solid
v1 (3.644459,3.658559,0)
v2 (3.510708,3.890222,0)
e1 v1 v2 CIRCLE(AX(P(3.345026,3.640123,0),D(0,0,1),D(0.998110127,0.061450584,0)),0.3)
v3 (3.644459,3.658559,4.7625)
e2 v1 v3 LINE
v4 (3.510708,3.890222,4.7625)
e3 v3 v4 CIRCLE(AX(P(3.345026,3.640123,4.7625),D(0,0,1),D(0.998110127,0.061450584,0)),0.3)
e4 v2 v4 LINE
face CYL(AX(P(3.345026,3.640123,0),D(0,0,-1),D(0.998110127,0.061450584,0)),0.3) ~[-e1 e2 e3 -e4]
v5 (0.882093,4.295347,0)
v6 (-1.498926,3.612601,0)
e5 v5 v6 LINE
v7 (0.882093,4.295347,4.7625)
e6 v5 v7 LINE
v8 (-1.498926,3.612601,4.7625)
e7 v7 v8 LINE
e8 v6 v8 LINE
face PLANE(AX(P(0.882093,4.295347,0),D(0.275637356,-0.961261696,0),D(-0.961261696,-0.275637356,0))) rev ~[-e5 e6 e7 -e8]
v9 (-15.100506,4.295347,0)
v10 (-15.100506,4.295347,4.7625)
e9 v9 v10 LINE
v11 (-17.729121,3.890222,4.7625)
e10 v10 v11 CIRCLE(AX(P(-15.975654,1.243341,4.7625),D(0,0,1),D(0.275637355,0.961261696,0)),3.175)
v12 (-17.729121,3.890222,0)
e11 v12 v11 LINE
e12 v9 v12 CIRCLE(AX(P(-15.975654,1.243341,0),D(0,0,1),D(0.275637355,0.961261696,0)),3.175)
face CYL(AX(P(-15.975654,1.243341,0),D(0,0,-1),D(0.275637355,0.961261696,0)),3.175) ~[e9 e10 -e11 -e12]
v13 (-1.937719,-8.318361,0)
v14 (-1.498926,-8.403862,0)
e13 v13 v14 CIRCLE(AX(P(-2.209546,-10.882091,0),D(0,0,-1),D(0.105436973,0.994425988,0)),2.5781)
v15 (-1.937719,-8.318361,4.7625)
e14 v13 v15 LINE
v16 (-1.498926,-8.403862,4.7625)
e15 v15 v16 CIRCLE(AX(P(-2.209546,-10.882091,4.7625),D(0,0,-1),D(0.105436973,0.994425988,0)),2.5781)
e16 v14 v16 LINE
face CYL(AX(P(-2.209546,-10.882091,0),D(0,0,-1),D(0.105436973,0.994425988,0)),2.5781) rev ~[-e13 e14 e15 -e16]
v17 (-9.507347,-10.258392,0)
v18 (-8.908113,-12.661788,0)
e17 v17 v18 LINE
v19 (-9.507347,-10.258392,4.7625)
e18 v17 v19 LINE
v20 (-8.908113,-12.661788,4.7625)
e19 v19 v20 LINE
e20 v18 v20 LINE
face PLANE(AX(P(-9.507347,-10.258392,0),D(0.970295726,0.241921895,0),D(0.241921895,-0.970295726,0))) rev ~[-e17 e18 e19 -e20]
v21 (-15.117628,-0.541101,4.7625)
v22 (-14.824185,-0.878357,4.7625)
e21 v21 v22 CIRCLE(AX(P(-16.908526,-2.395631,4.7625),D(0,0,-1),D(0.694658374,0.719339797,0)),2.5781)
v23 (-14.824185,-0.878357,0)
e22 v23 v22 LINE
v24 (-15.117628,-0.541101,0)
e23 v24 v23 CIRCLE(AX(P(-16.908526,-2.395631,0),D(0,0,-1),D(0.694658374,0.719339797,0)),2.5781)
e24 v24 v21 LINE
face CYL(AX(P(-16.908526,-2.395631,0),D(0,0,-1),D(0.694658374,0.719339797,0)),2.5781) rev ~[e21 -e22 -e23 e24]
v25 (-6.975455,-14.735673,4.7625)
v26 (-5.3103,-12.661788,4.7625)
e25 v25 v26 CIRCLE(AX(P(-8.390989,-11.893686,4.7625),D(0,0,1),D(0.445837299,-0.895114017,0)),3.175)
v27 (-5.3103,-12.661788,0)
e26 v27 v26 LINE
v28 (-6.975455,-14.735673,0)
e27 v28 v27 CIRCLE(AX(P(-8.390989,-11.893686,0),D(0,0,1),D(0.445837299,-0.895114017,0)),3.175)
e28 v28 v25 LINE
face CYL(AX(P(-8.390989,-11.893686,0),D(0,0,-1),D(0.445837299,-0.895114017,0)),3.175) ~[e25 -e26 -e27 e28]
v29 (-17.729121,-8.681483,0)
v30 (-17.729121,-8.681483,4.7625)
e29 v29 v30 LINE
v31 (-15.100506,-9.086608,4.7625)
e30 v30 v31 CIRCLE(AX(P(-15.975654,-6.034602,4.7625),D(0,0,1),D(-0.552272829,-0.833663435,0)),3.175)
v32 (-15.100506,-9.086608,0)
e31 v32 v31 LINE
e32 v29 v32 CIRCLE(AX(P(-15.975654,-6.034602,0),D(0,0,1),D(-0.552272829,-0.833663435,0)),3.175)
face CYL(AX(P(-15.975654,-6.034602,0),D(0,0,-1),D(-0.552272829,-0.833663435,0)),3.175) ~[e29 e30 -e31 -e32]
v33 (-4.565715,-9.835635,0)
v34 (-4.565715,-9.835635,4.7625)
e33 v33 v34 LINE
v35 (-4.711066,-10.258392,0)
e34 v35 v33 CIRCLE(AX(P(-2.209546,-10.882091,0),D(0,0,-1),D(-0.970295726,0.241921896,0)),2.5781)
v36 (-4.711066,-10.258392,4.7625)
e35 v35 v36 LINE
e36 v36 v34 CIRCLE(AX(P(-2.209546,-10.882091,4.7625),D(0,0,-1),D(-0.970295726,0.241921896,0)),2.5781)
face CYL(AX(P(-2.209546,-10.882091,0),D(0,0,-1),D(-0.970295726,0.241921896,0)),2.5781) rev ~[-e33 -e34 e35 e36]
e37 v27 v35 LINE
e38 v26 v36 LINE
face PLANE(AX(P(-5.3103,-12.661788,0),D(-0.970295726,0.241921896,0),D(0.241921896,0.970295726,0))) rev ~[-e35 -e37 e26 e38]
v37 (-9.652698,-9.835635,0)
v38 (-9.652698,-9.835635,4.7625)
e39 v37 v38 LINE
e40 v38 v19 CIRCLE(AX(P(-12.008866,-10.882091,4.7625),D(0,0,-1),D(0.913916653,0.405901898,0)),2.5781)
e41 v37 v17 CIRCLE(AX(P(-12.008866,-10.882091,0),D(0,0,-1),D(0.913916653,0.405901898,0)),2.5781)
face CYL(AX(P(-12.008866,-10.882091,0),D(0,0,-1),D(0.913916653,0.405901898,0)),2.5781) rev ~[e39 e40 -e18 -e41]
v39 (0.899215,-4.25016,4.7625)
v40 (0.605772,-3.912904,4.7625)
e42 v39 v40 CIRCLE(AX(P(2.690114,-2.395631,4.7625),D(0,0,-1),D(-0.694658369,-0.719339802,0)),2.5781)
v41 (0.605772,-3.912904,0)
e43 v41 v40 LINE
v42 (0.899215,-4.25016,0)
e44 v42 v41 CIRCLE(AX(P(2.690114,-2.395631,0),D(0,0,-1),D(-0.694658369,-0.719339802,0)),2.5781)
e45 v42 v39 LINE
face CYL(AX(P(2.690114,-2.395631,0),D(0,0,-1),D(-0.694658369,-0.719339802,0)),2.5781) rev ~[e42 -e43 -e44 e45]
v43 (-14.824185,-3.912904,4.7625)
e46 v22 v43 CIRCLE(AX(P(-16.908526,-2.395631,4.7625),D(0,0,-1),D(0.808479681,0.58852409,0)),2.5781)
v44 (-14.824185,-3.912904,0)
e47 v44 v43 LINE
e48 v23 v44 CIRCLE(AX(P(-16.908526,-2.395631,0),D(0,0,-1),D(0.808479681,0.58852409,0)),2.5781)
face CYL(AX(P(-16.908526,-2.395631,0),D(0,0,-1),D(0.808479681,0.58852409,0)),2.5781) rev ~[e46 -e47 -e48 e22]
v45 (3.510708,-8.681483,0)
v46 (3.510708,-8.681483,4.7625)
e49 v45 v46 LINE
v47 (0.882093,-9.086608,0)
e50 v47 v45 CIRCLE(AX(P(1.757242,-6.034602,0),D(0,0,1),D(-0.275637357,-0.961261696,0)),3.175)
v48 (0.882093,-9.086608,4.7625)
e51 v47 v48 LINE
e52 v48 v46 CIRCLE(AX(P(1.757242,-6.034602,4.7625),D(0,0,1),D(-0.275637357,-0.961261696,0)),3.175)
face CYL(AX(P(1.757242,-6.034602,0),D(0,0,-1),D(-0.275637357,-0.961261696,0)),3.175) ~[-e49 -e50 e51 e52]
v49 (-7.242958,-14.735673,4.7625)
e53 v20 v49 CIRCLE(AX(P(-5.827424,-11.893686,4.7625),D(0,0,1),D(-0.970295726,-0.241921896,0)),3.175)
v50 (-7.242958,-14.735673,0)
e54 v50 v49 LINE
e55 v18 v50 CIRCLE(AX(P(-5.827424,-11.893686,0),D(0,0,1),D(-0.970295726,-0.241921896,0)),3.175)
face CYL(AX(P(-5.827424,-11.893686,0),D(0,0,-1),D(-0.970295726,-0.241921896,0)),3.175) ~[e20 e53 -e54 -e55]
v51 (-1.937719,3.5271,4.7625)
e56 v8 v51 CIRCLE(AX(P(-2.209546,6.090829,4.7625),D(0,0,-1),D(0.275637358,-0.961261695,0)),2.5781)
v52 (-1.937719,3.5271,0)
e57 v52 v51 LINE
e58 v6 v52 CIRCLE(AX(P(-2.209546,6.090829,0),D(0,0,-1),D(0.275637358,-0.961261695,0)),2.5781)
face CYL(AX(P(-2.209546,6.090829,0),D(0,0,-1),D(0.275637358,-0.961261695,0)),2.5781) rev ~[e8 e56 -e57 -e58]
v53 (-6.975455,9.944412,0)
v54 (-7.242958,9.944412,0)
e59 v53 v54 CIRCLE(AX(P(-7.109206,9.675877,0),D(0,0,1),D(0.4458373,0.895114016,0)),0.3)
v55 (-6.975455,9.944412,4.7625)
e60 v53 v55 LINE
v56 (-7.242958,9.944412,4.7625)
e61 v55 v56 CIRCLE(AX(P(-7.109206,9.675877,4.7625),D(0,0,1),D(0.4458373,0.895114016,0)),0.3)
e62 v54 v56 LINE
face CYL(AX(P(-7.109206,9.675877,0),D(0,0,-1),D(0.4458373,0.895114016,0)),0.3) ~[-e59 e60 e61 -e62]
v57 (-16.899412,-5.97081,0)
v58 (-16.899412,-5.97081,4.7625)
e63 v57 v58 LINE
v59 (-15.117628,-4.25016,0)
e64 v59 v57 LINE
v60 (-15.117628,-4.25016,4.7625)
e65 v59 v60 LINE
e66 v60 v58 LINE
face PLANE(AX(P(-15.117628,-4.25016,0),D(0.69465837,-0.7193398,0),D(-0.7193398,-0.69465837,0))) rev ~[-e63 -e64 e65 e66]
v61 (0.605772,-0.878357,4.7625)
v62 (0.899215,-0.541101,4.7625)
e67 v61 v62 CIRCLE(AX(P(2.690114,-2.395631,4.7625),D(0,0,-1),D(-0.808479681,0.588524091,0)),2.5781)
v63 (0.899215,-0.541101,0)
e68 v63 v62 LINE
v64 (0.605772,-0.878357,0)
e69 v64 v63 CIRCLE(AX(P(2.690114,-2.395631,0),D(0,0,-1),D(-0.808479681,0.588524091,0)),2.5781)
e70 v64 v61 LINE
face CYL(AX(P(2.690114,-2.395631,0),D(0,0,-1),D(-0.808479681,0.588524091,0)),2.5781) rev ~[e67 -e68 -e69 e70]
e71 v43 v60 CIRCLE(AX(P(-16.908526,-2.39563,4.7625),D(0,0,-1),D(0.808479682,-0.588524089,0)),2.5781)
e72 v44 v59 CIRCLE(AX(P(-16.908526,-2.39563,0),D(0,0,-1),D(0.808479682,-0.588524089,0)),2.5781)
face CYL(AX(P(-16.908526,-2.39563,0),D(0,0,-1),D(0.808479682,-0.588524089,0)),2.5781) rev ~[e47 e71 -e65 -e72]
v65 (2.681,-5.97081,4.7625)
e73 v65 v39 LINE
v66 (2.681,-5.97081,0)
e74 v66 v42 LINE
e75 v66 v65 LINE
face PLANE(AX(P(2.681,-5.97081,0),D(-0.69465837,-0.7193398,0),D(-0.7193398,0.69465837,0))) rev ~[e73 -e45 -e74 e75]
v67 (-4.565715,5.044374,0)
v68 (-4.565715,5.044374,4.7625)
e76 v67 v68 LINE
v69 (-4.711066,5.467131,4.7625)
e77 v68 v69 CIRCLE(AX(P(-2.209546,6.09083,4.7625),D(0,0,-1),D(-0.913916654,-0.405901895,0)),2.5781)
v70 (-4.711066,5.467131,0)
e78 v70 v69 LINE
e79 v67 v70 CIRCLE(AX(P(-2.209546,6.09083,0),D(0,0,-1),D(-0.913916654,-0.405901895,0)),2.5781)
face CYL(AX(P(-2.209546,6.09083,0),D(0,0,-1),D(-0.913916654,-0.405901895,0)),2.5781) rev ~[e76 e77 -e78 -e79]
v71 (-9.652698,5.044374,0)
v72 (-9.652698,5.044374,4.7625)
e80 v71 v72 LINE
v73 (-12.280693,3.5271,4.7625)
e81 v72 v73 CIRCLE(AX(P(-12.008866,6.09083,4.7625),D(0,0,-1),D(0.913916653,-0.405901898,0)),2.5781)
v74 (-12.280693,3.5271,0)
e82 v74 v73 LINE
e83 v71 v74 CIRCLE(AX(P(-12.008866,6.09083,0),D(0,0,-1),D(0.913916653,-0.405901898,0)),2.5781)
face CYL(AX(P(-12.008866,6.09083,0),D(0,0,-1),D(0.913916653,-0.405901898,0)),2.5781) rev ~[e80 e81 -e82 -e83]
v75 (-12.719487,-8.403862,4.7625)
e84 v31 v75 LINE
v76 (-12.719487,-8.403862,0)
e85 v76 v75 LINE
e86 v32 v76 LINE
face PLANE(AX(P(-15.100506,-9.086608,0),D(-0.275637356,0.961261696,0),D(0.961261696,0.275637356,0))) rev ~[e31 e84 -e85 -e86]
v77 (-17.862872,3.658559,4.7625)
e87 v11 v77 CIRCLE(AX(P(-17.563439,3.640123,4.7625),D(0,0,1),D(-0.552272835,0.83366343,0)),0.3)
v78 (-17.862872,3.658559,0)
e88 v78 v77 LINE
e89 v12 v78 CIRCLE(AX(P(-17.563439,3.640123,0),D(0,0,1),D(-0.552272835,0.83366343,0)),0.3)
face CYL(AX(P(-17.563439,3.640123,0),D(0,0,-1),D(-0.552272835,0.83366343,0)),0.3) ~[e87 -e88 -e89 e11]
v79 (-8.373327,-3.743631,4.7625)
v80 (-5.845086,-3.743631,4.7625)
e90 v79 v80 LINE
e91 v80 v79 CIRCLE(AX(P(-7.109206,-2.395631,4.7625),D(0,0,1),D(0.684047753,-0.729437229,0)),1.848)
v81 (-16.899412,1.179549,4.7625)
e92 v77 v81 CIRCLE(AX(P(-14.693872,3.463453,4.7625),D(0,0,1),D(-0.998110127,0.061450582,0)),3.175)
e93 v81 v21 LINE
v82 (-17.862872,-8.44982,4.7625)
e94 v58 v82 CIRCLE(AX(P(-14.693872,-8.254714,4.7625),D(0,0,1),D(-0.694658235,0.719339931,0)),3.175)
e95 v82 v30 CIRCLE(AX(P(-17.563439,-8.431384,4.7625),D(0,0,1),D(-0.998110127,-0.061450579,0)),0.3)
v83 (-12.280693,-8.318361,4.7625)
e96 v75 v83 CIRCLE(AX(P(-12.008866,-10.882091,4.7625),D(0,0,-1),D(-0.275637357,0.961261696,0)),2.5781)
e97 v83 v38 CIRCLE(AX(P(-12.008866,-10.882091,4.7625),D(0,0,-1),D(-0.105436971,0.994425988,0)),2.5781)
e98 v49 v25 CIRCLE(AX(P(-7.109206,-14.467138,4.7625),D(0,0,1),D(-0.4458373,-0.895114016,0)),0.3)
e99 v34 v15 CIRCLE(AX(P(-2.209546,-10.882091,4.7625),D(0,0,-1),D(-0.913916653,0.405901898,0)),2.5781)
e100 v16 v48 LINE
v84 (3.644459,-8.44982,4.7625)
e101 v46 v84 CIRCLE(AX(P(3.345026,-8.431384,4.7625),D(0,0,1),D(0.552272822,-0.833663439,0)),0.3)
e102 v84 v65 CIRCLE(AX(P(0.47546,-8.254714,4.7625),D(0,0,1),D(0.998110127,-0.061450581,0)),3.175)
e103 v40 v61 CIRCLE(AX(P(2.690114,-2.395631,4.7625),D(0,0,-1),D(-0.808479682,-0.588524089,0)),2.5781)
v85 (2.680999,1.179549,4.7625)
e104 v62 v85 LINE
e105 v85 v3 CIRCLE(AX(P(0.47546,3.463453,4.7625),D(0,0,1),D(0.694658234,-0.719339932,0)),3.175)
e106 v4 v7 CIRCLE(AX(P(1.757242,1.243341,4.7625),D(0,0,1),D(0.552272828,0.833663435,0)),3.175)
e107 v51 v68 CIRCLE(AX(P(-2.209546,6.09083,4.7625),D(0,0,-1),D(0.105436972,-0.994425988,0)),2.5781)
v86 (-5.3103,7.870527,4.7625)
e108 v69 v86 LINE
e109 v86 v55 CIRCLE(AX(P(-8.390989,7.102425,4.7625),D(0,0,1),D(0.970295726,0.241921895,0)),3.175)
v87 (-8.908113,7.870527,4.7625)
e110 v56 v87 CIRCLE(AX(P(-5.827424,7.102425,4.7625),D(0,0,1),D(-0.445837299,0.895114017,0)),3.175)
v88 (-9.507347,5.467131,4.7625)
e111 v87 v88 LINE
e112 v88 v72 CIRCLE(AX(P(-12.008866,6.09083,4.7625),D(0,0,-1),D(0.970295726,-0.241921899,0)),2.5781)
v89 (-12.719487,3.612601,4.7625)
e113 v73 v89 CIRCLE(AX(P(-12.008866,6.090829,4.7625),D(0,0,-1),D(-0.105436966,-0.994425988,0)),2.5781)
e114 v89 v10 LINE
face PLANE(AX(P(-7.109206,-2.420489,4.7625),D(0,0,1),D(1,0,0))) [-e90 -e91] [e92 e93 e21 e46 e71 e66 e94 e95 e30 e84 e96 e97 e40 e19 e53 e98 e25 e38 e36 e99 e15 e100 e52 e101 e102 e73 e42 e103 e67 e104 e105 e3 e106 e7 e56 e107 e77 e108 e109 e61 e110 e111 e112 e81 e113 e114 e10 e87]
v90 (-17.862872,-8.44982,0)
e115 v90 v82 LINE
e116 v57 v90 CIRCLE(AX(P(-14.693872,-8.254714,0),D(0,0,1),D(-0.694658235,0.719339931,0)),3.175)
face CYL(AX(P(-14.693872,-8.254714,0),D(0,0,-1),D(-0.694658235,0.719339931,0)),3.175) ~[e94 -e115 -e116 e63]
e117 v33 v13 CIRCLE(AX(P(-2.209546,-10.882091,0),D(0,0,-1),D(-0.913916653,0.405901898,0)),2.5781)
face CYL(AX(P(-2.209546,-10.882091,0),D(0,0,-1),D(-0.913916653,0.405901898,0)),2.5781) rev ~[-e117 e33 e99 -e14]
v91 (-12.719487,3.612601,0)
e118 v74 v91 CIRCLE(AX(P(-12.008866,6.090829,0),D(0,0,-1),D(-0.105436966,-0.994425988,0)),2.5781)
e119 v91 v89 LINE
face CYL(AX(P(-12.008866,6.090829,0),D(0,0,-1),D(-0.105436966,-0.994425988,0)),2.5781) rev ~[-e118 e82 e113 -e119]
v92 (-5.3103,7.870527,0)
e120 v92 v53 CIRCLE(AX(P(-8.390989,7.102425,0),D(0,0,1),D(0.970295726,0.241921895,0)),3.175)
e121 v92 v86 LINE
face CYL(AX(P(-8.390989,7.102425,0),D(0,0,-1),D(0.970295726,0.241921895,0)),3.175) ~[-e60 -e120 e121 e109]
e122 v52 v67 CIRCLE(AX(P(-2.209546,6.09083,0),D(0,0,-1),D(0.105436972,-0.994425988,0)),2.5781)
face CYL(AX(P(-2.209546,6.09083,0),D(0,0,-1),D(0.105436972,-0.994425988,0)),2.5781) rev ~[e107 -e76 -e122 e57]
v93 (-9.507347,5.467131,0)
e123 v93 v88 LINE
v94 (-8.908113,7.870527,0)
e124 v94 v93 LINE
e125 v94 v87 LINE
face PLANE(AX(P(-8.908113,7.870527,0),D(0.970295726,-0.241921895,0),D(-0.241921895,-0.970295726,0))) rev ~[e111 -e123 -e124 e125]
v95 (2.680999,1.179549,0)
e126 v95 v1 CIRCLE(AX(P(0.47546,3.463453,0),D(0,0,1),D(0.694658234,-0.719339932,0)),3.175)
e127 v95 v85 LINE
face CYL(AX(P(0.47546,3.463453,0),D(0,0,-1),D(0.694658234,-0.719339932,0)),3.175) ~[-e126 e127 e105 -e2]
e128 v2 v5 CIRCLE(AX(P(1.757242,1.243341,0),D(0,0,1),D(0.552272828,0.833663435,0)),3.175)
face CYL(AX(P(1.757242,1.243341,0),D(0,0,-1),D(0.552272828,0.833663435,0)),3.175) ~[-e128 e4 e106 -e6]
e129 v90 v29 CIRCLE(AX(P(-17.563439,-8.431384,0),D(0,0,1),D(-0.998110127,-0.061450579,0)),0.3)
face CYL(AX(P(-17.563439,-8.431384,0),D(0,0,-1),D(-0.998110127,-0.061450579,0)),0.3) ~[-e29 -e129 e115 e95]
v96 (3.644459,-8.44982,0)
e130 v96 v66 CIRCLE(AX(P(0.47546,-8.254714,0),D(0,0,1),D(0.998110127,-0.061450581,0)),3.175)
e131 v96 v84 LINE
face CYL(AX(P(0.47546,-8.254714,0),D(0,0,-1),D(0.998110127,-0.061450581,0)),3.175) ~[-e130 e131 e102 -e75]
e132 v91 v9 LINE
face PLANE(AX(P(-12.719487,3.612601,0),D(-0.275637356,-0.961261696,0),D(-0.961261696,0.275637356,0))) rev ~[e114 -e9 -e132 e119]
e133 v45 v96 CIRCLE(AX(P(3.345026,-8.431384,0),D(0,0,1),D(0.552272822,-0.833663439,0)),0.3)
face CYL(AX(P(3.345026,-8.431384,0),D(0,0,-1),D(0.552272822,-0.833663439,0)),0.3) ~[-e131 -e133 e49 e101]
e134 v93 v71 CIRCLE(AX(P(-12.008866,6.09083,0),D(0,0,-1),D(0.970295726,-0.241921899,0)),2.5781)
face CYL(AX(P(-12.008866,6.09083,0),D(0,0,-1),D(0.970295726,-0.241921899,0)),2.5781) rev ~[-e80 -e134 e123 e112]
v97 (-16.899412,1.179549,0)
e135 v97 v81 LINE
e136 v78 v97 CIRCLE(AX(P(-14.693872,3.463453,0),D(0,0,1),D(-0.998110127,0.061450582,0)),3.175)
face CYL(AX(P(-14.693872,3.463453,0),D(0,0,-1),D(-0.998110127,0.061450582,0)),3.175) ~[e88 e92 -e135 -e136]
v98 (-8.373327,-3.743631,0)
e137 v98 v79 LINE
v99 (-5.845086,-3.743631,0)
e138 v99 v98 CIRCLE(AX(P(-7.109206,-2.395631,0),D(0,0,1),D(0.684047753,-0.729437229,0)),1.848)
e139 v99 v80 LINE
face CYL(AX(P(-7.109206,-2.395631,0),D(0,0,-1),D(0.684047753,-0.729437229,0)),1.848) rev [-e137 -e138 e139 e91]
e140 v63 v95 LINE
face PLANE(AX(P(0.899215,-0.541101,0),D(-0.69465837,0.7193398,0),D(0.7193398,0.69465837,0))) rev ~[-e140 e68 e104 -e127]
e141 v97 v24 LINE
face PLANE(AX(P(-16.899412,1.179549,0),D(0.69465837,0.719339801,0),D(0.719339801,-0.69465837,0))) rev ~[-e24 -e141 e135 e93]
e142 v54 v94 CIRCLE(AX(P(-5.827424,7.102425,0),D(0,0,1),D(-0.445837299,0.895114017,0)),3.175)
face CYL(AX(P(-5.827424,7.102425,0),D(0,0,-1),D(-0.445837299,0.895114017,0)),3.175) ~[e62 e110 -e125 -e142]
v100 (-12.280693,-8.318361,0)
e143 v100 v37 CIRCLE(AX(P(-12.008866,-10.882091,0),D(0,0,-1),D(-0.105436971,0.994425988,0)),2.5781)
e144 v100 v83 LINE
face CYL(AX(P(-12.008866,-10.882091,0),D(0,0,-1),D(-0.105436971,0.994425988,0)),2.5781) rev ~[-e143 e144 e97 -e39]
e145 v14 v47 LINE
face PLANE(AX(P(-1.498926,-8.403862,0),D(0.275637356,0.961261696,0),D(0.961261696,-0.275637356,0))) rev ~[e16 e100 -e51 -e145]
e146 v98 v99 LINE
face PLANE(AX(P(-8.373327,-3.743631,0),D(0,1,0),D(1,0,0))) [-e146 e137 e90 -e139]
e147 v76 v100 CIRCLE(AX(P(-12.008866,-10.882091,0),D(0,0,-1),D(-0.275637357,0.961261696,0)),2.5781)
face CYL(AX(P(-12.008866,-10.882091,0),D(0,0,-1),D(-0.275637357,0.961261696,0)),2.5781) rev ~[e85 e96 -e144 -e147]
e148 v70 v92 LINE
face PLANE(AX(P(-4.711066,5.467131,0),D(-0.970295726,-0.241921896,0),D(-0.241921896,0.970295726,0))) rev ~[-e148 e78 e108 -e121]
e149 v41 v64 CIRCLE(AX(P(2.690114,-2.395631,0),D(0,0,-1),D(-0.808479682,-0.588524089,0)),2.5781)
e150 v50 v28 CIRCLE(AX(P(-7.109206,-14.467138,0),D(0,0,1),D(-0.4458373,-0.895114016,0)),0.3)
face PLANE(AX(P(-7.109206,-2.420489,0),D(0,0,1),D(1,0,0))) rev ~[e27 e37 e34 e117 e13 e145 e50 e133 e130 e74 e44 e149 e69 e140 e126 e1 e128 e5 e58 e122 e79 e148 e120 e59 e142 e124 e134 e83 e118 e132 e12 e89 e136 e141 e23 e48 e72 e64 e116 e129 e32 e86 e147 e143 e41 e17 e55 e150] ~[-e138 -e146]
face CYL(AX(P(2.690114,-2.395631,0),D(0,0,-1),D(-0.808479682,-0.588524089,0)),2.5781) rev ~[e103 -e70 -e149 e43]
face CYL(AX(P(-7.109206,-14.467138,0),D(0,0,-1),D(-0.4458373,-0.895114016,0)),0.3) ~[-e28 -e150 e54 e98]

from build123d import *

# Parameters (mm, degrees)
BOSS_EXTRUDE1_DEPTH = 4.7625
BOSS_EXTRUDE2_START = -4.7625
BOSS_EXTRUDE2_DEPTH = 4.7625


with BuildPart() as part:
    # Sketch1 → Boss-Extrude1 (new body)
    with BuildSketch(Plane.XY):
        with BuildLine():
            Line((-9.507346898, -10.258391726), (-8.908113007, -12.661787593))
            ThreePointArc((-8.908113007, -12.661787593), (-8.303157018, -13.881491249), (-7.2429575, -14.735672577))
            ThreePointArc((-7.2429575, -14.735672577), (-7.10920631, -14.767138372), (-6.975455121, -14.735672577))
            ThreePointArc((-6.975455121, -14.735672577), (-5.915255603, -13.881491249), (-5.310299614, -12.661787593))
            Line((-5.310299614, -12.661787593), (-4.711065722, -10.258391726))
            ThreePointArc((-4.711065722, -10.258391726), (-4.647570891, -10.043856855), (-4.565714834, -9.835634882))
            ThreePointArc((-4.565714834, -9.835634882), (-3.49859631, -8.649390472), (-1.937719254, -8.318360926))
            ThreePointArc((-1.937719254, -8.318360926), (-1.716465707, -8.351582488), (-1.498925643, -8.403861787))
            Line((-1.498925643, -8.403861787), (0.882093179, -9.086607947))
            ThreePointArc((0.882093179, -9.086607947), (2.240865525, -9.172552521), (3.510708013, -8.681483469))
            ThreePointArc((3.510708013, -8.681483469), (3.604833786, -8.581384439), (3.644459203, -8.449819613))
            ThreePointArc((3.644459203, -8.449819613), (3.434816232, -7.104569234), (2.680999875, -5.970810151))
            Line((2.680999875, -5.970810151), (0.899214945, -4.250160445))
            ThreePointArc((0.899214945, -4.250160445), (0.745169712, -4.087904873), (0.605772222, -3.912904461))
            ThreePointArc((0.605772222, -3.912904461), (0.11201369, -2.395630505), (0.605772222, -0.878356549))
            ThreePointArc((0.605772222, -0.878356549), (0.745169712, -0.703356138), (0.899214945, -0.541100566))
            Line((0.899214945, -0.541100566), (2.680999444, 1.179548724))
            ThreePointArc((2.680999444, 1.179548724), (3.434816124, 2.313307944), (3.644459203, 3.658558603))
            ThreePointArc((3.644459203, 3.658558603), (3.604833786, 3.790123428), (3.510708013, 3.890222459))
            ThreePointArc((3.510708013, 3.890222459), (2.240865525, 4.38129151), (0.882093179, 4.295346937))
            Line((0.882093179, 4.295346937), (-1.498925643, 3.612600776))
            ThreePointArc((-1.498925643, 3.612600776), (-1.716465707, 3.560321477), (-1.937719254, 3.527099916))
            ThreePointArc((-1.937719254, 3.527099916), (-3.49859631, 3.858129461), (-4.565714834, 5.044373871))
            ThreePointArc((-4.565714834, 5.044373871), (-4.647570891, 5.252595845), (-4.711065722, 5.467130715))
            Line((-4.711065722, 5.467130715), (-5.310299614, 7.870526582))
            ThreePointArc((-5.310299614, 7.870526582), (-5.915255603, 9.090230239), (-6.975455121, 9.944411567))
            ThreePointArc((-6.975455121, 9.944411567), (-7.10920631, 9.975877362), (-7.2429575, 9.944411567))
            ThreePointArc((-7.2429575, 9.944411567), (-8.303157018, 9.090230239), (-8.908113007, 7.870526582))
            Line((-8.908113007, 7.870526582), (-9.507346898, 5.467130715))
            ThreePointArc((-9.507346898, 5.467130715), (-9.570841729, 5.252595845), (-9.652697786, 5.044373871))
            ThreePointArc((-9.652697786, 5.044373871), (-10.71981631, 3.858129461), (-12.280693367, 3.527099916))
            ThreePointArc((-12.280693367, 3.527099916), (-12.501946914, 3.560321477), (-12.719486977, 3.612600776))
            Line((-12.719486977, 3.612600776), (-15.100505799, 4.295346937))
            ThreePointArc((-15.100505799, 4.295346937), (-16.459278145, 4.38129151), (-17.729120634, 3.890222459))
            ThreePointArc((-17.729120634, 3.890222459), (-17.823246406, 3.790123428), (-17.862871823, 3.658558603))
            ThreePointArc((-17.862871823, 3.658558603), (-17.653228853, 2.313308223), (-16.899412496, 1.17954914))
            Line((-16.899412496, 1.17954914), (-15.117627565, -0.541100566))
            ThreePointArc((-15.117627565, -0.541100566), (-14.963582333, -0.703356138), (-14.824184843, -0.878356549))
            ThreePointArc((-14.824184843, -0.878356549), (-14.33042631, -2.395630505), (-14.824184843, -3.912904461))
            ThreePointArc((-14.824184843, -3.912904461), (-14.963582333, -4.087904873), (-15.117627565, -4.250160445))
            Line((-15.117627565, -4.250160445), (-16.899412065, -5.970809735))
            ThreePointArc((-16.899412065, -5.970809735), (-17.653228744, -7.104568955), (-17.862871823, -8.449819613))
            ThreePointArc((-17.862871823, -8.449819613), (-17.823246406, -8.581384439), (-17.729120634, -8.681483469))
            ThreePointArc((-17.729120634, -8.681483469), (-16.459278145, -9.172552521), (-15.100505799, -9.086607947))
            Line((-15.100505799, -9.086607947), (-12.719486977, -8.403861787))
            ThreePointArc((-12.719486977, -8.403861787), (-12.501946914, -8.351582488), (-12.280693367, -8.318360926))
            ThreePointArc((-12.280693367, -8.318360926), (-10.71981631, -8.649390472), (-9.652697786, -9.835634882))
            ThreePointArc((-9.652697786, -9.835634882), (-9.570841729, -10.043856855), (-9.507346898, -10.258391726))
        make_face()
        with BuildLine():
            Line((-5.795813757, -3.870630505), (-8.422598864, -3.870630505))
            ThreePointArc((-8.422598864, -3.870630505), (-7.10920631, -0.420630505), (-5.795813757, -3.870630505))
        make_face(mode=Mode.SUBTRACT)
    extrude(amount=BOSS_EXTRUDE1_DEPTH)

    # Sketch4 → Boss-Extrude2 (add)
    with BuildSketch(Plane.XY.offset(4.7625).offset(BOSS_EXTRUDE2_START)):
        with BuildLine():
            Line((-8.422598864, -3.870630505), (-5.795813757, -3.870630505))
            ThreePointArc((-5.795813757, -3.870630505), (-7.10920631, -0.420630505), (-8.422598864, -3.870630505))
        make_face()
        with BuildLine():
            Line((-8.373326558, -3.743630505), (-5.845086063, -3.743630505))
            ThreePointArc((-5.845086063, -3.743630505), (-7.10920631, -0.547630505), (-8.373326558, -3.743630505))
        make_face(mode=Mode.SUBTRACT)
    extrude(amount=BOSS_EXTRUDE2_DEPTH)


solid = part.part
